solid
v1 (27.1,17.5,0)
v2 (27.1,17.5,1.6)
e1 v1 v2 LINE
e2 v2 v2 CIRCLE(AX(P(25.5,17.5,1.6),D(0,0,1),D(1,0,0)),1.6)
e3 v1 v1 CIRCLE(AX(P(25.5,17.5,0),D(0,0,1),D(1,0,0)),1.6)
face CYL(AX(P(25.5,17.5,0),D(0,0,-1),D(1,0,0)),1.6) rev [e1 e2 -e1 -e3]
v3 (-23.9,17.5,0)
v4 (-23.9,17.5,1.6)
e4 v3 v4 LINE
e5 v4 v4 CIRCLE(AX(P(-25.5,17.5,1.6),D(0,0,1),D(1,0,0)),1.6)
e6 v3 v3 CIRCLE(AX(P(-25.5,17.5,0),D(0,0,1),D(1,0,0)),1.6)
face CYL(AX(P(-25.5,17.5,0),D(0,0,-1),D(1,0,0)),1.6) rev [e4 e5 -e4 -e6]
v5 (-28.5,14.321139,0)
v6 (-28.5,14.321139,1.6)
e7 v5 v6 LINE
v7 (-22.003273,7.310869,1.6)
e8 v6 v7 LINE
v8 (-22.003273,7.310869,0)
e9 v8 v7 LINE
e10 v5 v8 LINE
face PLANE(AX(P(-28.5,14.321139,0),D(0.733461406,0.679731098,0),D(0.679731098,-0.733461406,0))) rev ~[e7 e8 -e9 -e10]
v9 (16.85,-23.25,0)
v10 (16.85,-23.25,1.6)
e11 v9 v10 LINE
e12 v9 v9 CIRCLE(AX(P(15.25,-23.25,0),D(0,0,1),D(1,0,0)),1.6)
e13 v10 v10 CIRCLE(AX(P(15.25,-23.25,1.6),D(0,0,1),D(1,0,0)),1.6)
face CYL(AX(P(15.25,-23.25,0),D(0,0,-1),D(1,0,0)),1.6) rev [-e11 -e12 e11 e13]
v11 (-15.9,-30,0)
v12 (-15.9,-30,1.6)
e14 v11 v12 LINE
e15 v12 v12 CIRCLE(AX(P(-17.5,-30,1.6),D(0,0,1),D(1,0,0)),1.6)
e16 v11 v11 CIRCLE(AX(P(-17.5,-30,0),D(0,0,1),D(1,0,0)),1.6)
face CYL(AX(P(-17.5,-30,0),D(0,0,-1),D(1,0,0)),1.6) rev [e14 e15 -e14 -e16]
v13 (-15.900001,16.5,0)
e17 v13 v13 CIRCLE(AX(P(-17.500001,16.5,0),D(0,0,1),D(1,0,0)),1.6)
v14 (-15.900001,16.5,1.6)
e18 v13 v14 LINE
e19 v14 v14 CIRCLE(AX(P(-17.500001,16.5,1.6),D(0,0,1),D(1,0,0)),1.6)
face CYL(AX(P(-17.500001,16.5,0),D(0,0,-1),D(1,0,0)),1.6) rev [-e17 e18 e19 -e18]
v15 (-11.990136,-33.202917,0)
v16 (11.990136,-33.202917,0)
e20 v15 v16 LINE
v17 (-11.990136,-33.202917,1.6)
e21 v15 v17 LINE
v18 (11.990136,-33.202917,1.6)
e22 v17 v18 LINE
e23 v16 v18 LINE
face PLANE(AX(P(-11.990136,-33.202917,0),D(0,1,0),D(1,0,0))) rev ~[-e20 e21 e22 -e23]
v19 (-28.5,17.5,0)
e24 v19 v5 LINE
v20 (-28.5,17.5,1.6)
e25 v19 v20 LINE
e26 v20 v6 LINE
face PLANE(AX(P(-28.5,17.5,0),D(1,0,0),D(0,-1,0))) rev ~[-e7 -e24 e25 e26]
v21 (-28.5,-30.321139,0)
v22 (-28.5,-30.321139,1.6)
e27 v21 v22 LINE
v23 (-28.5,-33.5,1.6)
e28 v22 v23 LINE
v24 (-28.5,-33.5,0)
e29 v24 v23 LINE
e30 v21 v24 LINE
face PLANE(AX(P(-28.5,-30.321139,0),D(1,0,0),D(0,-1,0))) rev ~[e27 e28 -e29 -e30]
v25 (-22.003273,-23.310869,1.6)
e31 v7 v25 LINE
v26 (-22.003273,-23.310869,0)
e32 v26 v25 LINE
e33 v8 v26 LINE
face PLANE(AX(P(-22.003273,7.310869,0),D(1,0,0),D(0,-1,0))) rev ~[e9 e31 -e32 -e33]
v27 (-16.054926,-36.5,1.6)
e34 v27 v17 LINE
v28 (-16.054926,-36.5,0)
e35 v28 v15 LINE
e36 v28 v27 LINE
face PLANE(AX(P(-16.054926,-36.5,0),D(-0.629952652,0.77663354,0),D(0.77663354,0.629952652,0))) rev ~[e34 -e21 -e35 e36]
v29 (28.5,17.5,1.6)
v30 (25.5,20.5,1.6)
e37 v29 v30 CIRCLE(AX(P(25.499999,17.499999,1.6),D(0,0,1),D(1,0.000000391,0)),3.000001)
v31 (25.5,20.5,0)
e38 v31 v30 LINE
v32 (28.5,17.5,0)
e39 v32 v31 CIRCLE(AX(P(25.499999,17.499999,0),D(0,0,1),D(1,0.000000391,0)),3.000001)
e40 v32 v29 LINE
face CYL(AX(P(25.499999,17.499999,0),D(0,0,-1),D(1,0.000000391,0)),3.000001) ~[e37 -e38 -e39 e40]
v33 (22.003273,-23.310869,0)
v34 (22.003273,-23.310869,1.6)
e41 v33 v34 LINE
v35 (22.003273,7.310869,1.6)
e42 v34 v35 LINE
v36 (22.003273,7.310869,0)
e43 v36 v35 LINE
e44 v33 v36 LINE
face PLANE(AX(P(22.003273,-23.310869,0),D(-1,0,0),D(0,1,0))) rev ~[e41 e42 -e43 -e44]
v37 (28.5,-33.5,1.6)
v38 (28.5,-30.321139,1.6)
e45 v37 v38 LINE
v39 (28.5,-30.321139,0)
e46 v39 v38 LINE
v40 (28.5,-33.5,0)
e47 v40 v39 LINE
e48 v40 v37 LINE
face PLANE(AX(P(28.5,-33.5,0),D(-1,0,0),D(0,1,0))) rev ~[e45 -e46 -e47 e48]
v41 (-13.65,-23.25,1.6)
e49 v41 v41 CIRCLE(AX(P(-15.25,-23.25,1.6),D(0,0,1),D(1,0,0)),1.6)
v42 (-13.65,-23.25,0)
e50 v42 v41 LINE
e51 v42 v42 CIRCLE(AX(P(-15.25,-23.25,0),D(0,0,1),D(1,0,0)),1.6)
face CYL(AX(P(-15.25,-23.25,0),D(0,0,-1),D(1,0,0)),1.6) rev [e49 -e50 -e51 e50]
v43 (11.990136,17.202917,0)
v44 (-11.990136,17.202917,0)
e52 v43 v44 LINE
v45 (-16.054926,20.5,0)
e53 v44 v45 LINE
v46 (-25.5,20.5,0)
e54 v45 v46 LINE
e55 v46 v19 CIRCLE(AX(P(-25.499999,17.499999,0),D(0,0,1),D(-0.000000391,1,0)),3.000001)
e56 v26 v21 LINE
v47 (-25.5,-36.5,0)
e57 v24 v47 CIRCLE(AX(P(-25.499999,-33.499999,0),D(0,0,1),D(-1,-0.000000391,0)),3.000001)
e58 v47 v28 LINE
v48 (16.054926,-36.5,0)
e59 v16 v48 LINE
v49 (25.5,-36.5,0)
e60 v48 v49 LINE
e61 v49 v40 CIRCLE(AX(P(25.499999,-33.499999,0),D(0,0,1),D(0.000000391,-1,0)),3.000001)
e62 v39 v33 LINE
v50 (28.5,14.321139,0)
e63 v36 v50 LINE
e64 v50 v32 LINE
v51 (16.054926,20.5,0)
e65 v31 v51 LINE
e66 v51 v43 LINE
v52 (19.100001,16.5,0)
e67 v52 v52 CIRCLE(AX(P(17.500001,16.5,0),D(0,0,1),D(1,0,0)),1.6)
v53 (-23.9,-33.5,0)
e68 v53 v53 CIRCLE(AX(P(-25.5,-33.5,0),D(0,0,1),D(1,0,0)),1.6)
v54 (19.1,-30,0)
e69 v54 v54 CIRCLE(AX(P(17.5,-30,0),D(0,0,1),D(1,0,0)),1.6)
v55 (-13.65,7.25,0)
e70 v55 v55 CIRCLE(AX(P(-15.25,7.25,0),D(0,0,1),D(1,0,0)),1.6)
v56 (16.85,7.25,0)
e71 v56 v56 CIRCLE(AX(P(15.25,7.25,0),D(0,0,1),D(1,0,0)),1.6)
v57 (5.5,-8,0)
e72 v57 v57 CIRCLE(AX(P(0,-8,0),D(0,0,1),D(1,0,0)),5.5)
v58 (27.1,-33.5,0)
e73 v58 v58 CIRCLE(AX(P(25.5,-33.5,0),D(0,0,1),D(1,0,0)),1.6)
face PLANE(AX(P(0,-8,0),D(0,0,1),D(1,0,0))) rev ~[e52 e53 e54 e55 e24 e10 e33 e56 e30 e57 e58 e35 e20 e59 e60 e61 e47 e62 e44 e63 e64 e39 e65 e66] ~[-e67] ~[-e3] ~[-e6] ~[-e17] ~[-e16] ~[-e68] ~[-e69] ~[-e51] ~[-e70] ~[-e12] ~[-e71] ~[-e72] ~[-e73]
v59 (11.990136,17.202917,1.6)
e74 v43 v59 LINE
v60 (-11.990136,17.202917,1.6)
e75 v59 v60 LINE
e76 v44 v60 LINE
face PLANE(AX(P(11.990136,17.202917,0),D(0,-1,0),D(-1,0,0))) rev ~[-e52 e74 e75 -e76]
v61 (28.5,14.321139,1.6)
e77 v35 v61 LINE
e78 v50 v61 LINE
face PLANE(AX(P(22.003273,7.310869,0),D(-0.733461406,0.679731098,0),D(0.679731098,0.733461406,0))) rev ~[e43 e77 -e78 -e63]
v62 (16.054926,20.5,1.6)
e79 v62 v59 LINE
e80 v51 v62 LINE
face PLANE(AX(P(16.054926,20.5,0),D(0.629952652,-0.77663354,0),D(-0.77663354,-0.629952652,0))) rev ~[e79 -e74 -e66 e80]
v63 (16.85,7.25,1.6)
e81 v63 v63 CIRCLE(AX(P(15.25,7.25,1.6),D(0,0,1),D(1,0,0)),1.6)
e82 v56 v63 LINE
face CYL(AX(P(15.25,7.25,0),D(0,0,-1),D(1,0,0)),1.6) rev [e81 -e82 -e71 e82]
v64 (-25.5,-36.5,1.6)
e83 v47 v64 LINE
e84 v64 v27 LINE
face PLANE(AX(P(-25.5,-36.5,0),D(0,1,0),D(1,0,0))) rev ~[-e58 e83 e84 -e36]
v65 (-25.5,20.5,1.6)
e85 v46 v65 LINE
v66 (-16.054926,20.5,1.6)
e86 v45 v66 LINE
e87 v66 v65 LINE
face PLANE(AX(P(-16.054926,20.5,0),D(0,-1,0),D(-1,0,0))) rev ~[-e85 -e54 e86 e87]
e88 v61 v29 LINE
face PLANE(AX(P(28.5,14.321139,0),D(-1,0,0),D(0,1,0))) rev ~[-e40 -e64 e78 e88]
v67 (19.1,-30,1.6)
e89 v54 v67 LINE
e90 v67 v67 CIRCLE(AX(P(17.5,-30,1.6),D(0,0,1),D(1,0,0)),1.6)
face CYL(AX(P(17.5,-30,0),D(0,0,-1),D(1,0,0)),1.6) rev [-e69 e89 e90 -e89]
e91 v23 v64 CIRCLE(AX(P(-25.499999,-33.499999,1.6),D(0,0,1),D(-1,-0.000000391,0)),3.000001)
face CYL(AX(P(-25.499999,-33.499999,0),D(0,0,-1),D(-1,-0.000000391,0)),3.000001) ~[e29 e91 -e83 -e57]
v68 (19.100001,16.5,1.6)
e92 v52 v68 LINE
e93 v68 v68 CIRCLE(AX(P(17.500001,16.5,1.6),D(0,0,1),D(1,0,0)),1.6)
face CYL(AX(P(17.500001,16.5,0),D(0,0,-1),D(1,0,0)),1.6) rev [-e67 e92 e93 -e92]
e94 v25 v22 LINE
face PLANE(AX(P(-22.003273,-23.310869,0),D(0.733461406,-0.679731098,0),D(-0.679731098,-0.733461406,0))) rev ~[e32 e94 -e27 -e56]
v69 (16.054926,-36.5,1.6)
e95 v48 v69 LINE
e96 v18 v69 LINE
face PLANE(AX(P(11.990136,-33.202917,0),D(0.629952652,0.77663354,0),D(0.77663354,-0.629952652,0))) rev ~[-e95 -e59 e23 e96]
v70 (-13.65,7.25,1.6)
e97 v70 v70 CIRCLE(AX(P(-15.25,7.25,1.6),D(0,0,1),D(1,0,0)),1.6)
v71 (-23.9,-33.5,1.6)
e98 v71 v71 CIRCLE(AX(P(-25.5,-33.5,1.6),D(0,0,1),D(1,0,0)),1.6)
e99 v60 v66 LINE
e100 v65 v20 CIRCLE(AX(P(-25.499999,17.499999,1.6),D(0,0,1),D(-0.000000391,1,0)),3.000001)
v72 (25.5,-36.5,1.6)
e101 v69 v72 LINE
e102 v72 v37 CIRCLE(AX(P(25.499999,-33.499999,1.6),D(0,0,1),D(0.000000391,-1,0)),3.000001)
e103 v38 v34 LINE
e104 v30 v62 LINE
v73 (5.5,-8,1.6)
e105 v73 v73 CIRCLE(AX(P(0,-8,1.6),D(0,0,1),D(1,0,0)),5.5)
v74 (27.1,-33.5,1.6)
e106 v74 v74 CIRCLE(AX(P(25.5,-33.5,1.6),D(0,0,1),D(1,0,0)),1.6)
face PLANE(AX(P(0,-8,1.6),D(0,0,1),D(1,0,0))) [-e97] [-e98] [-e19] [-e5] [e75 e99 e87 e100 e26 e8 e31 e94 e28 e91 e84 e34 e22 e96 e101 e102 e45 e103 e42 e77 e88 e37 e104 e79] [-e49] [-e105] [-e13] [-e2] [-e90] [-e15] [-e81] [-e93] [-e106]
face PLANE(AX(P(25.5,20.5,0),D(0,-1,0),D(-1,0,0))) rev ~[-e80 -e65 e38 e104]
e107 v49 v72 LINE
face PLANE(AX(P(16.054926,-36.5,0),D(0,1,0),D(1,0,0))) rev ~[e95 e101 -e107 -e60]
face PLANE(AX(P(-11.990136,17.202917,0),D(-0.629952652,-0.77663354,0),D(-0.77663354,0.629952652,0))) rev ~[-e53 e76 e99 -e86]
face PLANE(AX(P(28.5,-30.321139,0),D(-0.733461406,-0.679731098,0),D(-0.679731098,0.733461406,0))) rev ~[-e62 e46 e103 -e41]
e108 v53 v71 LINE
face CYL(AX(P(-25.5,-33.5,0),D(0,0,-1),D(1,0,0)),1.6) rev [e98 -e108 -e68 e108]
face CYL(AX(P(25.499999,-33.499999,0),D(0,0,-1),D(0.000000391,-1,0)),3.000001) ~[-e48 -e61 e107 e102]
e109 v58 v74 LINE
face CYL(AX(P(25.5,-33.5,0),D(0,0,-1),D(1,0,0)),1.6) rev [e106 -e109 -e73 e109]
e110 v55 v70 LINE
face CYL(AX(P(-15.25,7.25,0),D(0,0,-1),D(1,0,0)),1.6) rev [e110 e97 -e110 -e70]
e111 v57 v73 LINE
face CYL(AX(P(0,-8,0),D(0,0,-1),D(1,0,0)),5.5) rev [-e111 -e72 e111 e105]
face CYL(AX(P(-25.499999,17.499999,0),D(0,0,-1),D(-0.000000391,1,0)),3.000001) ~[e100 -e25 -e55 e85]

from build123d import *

# Parameters (mm, degrees)
F0_R     = 1.6
F0_R_2   = 5.5
F1_DEPTH = 1.6


with BuildPart() as f1:
    # F0 (on Top) → F1 (new body)
    with BuildSketch(Plane.XY):
        with BuildLine():
            Line((-16.054926, 20.5), (-25.5, 20.5))
            ThreePointArc((-25.5, 20.5), (-27.62132, 19.62132), (-28.5, 17.5))
            Line((-28.5, 17.5), (-28.5, 14.321139))
            Line((-28.5, 14.321139), (-22.003273, 7.310869))
            Line((-22.003273, 7.310869), (-22.003273, -8))
            Line((-22.003273, -8), (-22.003273, -23.310869))
            Line((-22.003273, -23.310869), (-28.5, -30.321139))
            Line((-28.5, -30.321139), (-28.5, -33.5))
            ThreePointArc((-28.5, -33.5), (-27.62132, -35.62132), (-25.5, -36.5))
            Line((-25.5, -36.5), (-16.054926, -36.5))
            Line((-16.054926, -36.5), (-11.990136, -33.202917))
            Line((-11.990136, -33.202917), (0, -33.202917))
            Line((0, -33.202917), (11.990136, -33.202917))
            Line((11.990136, -33.202917), (16.054926, -36.5))
            Line((16.054926, -36.5), (25.5, -36.5))
            ThreePointArc((25.5, -36.5), (27.62132, -35.62132), (28.5, -33.5))
            Line((28.5, -33.5), (28.5, -30.321139))
            Line((28.5, -30.321139), (22.003273, -23.310869))
            Line((22.003273, -23.310869), (22.003273, -8))
            Line((22.003273, -8), (22.003273, 7.310869))
            Line((22.003273, 7.310869), (28.5, 14.321139))
            Line((28.5, 14.321139), (28.5, 17.5))
            ThreePointArc((28.5, 17.5), (27.62132, 19.62132), (25.5, 20.5))
            Line((25.5, 20.5), (16.054926, 20.5))
            Line((16.054926, 20.5), (11.990136, 17.202917))
            Line((11.990136, 17.202917), (0, 17.202917))
            Line((0, 17.202917), (-11.990136, 17.202917))
            Line((-11.990136, 17.202917), (-16.054926, 20.5))
        make_face()
        with Locations((-25.5, -33.5)):
            Circle(F0_R, mode=Mode.SUBTRACT)
        with Locations((-17.5, -30)):
            Circle(F0_R, mode=Mode.SUBTRACT)
        with Locations((-15.25, -23.25)):
            Circle(F0_R, mode=Mode.SUBTRACT)
        with Locations((17.5, -30)):
            Circle(F0_R, mode=Mode.SUBTRACT)
        with Locations((25.5, -33.5)):
            Circle(F0_R, mode=Mode.SUBTRACT)
        with Locations((15.25, -23.25)):
            Circle(F0_R, mode=Mode.SUBTRACT)
        with Locations((-15.25, 7.25)):
            Circle(F0_R, mode=Mode.SUBTRACT)
        with Locations((-25.5, 17.5)):
            Circle(F0_R, mode=Mode.SUBTRACT)
        with Locations((-17.500001, 16.5)):
            Circle(F0_R, mode=Mode.SUBTRACT)
        with Locations((0, -8)):
            Circle(F0_R_2, mode=Mode.SUBTRACT)
        with Locations((15.25, 7.25)):
            Circle(F0_R, mode=Mode.SUBTRACT)
        with Locations((17.500001, 16.5)):
            Circle(F0_R, mode=Mode.SUBTRACT)
        with Locations((25.5, 17.5)):
            Circle(F0_R, mode=Mode.SUBTRACT)
    extrude(amount=F1_DEPTH)


solid = f1.part
